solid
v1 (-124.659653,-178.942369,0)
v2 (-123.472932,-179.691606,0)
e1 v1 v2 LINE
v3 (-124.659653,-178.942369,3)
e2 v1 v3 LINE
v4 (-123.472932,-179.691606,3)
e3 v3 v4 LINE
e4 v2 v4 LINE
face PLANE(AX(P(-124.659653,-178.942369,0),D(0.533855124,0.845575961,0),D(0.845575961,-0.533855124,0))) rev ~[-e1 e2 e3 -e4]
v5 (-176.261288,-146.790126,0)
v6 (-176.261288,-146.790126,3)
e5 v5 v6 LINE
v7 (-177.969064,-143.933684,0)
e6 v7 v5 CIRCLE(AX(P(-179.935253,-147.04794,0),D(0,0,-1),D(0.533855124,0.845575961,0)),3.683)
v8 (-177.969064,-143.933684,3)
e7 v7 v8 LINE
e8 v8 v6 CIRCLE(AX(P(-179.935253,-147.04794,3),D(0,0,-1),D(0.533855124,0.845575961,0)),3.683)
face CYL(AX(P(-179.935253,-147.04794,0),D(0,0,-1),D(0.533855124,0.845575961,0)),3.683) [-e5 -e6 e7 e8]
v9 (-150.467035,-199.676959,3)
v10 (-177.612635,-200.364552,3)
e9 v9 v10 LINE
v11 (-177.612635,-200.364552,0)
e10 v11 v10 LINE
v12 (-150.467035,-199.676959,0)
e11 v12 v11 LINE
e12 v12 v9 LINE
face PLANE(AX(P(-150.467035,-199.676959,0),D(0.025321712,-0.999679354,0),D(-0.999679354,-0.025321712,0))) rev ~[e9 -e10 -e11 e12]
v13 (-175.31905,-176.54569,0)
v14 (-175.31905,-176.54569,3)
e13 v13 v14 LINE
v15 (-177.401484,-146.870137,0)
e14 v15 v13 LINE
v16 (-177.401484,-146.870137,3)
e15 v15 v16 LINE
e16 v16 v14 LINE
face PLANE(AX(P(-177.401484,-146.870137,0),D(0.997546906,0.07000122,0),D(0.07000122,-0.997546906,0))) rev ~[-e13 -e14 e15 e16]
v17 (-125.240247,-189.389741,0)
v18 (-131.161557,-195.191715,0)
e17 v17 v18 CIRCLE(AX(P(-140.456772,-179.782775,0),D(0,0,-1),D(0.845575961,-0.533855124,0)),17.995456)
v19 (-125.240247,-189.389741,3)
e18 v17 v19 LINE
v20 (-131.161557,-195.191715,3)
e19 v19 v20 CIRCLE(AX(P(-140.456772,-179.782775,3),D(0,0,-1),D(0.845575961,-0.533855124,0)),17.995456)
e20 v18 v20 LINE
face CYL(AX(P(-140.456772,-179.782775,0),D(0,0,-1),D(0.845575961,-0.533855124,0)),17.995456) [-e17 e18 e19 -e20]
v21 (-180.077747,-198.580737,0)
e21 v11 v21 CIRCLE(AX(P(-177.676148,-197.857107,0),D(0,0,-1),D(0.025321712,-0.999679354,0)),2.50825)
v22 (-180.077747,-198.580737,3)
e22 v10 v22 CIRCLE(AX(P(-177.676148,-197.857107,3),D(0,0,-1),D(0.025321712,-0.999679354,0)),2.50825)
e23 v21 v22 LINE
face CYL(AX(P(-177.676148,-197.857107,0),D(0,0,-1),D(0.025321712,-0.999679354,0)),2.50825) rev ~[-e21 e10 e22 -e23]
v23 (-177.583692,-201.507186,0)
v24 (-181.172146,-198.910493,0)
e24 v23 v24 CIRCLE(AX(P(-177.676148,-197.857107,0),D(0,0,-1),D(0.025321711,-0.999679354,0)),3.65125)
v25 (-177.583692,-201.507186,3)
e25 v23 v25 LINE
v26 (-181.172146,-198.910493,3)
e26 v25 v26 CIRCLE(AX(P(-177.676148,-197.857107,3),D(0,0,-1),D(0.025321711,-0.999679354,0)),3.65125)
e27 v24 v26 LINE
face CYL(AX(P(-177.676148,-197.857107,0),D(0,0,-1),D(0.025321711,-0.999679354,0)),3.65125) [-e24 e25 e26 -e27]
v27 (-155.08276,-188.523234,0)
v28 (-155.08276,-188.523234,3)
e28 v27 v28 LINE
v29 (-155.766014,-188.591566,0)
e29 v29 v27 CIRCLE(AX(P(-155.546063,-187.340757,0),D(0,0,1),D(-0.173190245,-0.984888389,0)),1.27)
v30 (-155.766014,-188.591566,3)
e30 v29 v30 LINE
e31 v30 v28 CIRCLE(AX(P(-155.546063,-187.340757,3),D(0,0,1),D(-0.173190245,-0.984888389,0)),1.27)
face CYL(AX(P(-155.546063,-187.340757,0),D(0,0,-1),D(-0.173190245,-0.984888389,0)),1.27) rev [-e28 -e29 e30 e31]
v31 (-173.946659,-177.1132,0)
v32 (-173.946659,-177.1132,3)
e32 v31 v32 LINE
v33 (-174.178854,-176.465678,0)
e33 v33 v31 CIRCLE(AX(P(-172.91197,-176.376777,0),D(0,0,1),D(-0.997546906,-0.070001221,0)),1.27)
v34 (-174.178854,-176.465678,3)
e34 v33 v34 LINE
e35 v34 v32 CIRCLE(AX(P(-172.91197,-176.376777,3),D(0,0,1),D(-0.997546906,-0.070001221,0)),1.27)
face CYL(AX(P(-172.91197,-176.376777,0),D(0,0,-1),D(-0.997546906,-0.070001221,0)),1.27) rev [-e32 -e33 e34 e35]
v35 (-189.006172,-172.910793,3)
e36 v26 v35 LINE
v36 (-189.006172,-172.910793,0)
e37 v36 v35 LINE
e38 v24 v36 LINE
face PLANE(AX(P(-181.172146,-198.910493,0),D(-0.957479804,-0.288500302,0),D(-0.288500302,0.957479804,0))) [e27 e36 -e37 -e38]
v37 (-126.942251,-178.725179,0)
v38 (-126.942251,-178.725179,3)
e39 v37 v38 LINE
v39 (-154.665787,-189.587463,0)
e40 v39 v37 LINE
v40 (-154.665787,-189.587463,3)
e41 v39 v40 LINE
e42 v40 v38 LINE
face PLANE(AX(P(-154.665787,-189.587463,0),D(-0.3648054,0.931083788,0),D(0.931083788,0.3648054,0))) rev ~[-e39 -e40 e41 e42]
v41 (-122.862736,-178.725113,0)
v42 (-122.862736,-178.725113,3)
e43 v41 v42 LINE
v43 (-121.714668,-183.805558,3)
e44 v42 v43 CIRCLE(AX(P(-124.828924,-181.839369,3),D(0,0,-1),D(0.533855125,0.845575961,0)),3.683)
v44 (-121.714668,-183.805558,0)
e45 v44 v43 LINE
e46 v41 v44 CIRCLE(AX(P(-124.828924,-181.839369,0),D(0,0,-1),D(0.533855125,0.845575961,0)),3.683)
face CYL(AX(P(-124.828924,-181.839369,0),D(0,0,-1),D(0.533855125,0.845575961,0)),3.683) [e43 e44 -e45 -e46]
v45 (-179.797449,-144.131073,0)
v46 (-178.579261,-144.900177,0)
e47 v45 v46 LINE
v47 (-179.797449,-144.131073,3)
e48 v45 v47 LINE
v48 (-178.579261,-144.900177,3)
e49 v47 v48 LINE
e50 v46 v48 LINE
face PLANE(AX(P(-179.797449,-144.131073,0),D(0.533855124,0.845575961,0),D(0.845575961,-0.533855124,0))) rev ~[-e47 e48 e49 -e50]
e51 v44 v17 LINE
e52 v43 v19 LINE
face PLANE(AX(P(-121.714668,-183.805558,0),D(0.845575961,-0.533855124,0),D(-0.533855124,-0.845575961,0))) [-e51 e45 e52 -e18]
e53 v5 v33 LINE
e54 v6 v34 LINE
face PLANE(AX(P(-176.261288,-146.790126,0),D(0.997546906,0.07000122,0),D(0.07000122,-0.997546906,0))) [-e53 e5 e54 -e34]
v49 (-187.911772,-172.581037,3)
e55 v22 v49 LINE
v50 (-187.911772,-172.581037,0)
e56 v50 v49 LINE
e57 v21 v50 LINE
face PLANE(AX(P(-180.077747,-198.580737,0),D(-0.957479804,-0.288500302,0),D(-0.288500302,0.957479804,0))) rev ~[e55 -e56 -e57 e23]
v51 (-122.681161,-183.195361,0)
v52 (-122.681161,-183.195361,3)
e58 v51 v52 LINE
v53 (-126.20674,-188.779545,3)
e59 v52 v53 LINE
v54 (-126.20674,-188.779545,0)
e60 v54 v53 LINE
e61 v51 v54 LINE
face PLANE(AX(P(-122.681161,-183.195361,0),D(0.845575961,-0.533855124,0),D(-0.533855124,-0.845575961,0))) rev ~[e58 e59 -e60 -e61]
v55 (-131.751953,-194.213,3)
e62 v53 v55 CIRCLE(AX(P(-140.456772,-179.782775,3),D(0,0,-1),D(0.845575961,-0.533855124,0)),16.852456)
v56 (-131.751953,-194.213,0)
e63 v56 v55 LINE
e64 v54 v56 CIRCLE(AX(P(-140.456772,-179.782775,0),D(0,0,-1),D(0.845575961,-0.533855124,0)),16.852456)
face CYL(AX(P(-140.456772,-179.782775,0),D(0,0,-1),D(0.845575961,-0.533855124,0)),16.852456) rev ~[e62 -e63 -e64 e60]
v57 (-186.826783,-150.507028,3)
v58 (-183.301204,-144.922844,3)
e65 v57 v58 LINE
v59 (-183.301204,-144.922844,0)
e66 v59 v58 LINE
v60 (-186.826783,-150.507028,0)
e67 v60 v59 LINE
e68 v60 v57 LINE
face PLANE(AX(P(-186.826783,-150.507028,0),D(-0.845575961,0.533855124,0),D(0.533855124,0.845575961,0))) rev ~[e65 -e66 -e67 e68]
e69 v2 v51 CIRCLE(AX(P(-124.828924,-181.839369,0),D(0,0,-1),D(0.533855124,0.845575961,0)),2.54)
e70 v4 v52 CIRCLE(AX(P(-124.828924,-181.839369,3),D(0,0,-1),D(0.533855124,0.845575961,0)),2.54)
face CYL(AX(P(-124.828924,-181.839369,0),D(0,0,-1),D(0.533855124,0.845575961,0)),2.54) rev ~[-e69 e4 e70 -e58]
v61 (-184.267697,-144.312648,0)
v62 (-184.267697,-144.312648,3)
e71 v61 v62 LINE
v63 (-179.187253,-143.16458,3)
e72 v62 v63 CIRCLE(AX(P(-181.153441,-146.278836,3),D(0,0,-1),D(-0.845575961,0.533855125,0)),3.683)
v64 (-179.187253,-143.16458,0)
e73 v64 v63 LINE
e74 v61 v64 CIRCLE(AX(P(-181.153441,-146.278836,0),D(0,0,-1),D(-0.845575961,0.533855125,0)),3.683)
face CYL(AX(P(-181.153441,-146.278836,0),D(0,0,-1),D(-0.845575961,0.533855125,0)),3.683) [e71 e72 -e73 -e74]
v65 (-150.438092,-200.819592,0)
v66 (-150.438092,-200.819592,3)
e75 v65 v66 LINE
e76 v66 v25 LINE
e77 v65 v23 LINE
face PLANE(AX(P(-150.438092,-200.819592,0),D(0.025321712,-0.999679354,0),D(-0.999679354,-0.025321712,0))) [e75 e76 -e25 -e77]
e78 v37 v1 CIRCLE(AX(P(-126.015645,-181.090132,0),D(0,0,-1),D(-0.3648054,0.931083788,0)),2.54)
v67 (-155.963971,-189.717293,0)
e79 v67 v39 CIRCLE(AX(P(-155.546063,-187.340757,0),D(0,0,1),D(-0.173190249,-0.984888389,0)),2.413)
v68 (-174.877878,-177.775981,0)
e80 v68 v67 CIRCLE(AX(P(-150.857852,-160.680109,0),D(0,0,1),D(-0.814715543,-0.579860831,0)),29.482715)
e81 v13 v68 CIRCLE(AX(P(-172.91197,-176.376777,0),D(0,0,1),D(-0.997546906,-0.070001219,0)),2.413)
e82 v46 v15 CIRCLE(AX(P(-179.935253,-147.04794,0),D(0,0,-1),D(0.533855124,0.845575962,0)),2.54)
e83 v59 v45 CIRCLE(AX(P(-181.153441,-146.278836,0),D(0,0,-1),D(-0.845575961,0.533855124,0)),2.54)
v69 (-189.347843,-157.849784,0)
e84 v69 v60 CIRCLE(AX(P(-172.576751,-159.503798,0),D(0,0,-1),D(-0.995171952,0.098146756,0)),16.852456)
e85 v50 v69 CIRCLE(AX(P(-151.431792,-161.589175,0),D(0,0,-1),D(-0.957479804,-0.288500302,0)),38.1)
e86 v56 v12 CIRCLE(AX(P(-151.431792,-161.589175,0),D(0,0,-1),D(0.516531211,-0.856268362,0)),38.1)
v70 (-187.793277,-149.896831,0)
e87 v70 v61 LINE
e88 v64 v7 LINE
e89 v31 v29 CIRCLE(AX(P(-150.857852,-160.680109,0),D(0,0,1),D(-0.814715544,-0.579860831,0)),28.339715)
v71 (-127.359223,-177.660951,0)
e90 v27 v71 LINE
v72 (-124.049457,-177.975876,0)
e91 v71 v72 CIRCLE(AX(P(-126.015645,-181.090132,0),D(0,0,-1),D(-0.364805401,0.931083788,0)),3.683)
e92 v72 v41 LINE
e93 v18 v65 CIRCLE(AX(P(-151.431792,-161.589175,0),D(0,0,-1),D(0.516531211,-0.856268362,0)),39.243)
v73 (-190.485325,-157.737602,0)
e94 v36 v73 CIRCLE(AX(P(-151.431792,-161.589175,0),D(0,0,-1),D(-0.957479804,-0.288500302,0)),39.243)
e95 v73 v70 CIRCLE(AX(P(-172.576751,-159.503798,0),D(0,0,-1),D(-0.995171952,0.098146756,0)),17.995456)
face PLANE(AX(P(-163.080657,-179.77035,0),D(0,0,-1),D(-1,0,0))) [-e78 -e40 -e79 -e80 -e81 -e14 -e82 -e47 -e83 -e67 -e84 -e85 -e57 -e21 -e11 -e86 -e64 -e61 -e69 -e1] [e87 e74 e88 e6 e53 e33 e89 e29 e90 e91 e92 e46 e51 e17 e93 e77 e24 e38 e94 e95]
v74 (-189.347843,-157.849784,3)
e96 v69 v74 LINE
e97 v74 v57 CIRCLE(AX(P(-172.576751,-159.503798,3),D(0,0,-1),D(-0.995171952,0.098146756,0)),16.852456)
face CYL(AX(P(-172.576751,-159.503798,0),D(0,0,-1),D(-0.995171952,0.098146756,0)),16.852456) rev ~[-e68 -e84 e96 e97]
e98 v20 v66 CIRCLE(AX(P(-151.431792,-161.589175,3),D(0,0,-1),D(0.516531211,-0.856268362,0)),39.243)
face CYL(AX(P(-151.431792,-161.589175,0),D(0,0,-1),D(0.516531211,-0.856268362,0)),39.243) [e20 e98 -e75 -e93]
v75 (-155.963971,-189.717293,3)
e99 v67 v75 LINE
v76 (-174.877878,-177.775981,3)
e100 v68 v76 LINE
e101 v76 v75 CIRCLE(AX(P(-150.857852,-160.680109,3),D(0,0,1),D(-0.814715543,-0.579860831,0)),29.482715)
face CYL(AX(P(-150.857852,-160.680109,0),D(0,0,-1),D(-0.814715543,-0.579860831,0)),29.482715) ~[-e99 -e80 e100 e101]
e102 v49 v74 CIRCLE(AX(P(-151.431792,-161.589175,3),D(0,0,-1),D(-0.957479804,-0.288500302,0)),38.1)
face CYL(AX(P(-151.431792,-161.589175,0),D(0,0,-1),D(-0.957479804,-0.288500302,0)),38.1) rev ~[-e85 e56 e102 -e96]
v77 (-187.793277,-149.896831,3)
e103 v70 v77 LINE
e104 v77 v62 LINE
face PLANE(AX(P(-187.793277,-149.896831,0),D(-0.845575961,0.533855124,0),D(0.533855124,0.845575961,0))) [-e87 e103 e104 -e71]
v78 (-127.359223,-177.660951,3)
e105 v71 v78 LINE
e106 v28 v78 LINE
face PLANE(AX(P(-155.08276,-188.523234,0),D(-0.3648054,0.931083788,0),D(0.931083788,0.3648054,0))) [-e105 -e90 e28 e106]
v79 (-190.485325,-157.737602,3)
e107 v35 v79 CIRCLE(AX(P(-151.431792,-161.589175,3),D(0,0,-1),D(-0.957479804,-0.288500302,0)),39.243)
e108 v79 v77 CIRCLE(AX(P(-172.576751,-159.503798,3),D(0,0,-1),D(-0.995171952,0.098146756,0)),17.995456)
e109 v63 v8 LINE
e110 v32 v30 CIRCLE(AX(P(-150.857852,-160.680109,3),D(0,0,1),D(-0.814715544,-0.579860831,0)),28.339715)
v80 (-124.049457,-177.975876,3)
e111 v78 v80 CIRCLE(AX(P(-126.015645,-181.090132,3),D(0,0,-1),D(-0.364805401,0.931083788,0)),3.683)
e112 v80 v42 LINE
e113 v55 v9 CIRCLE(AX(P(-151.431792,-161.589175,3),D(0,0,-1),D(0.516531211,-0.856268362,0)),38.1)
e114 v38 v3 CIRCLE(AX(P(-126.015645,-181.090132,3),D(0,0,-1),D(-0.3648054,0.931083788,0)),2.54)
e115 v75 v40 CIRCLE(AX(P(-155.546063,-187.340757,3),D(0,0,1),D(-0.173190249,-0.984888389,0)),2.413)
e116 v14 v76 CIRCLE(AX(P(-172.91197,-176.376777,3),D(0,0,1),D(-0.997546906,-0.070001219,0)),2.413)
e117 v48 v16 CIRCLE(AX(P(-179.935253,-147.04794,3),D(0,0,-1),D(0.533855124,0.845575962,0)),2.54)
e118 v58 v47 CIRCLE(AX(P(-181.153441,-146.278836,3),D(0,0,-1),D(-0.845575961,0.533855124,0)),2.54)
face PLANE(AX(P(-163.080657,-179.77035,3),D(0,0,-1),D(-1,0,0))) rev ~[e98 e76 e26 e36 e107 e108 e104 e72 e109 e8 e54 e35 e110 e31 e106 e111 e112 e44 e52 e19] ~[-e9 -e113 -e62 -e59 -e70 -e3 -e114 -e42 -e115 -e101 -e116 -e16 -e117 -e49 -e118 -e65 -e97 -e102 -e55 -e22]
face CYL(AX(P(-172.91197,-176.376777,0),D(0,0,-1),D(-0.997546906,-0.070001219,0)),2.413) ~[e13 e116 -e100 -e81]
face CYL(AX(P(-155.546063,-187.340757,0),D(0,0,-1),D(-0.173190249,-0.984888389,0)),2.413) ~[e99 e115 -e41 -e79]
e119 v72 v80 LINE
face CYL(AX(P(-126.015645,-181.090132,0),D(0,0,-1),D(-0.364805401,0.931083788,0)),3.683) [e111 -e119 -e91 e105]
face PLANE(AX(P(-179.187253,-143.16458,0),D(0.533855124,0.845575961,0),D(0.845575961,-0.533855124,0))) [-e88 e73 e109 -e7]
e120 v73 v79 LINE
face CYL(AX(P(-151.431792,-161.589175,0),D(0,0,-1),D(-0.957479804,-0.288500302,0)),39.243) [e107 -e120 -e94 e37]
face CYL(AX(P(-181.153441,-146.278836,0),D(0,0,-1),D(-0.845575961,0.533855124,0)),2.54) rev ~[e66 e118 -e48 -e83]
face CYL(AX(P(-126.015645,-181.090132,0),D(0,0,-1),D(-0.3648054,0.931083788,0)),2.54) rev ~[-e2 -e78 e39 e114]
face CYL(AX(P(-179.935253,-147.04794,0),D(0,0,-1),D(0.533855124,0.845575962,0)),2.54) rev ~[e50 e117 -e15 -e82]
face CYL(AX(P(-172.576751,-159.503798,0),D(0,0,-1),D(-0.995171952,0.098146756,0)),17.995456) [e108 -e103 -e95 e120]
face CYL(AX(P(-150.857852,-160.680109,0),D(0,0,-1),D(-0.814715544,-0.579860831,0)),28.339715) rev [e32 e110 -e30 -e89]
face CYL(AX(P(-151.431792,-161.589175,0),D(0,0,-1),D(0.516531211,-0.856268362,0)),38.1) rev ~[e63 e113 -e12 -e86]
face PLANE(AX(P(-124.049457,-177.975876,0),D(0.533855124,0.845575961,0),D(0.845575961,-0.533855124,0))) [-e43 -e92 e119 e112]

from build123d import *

# Parameters (mm, degrees)
BOSS_EXTRUDE1_DEPTH = 3


with BuildPart() as part:
    # Sketch1 → Boss-Extrude1 (new body)
    with BuildSketch(Plane.XY):
        with BuildLine():
            Line((-176.261287631, -146.790125913), (-174.178854352, -176.465678255))
            ThreePointArc((-174.178854352, -176.465678255), (-174.10743246, -176.805459554), (-173.946658522, -177.113199961))
            ThreePointArc((-173.946658522, -177.113199961), (-165.987154225, -184.643491087), (-155.766014333, -188.591565607))
            ThreePointArc((-155.766014333, -188.591565607), (-155.419681283, -188.604453413), (-155.08275986, -188.523233763))
            Line((-155.08275986, -188.523233763), (-127.359223318, -177.660950501))
            ThreePointArc((-127.359223318, -177.660950501), (-125.666782112, -177.423691901), (-124.049456606, -177.975875826))
            Line((-124.049456606, -177.975875826), (-122.862735706, -178.725113106))
            ThreePointArc((-122.862735706, -178.725113106), (-121.236507239, -181.027562815), (-121.714667864, -183.805557795))
            Line((-121.714667864, -183.805557795), (-125.240247105, -189.389741443))
            ThreePointArc((-125.240247105, -189.389741443), (-127.862246775, -192.636349191), (-131.161557479, -195.191714728))
            ThreePointArc((-131.161557479, -195.191714728), (-140.433747596, -199.259536064), (-150.43809188, -200.819592292))
            Line((-150.43809188, -200.819592292), (-177.583691953, -201.507185822))
            ThreePointArc((-177.583691953, -201.507185822), (-179.816644976, -200.815129336), (-181.172145987, -198.910493309))
            Line((-181.172145987, -198.910493309), (-189.006171765, -172.910792767))
            ThreePointArc((-189.006171765, -172.910792767), (-190.489642304, -165.396715762), (-190.485324726, -157.737602274))
            ThreePointArc((-190.485324726, -157.737602274), (-189.596958817, -153.660084628), (-187.793276628, -149.89683142))
            Line((-187.793276628, -149.89683142), (-184.267697387, -144.312647772))
            ThreePointArc((-184.267697387, -144.312647772), (-181.965247678, -142.686419305), (-179.187252699, -143.16457993))
            Line((-179.187252699, -143.16457993), (-177.969064462, -143.933684141))
            ThreePointArc((-177.969064462, -143.933684141), (-176.774137848, -145.158008999), (-176.261287631, -146.790125913))
        make_face()
        with BuildLine():
            Line((-177.401483744, -146.870137307), (-175.319050465, -176.54568965))
            ThreePointArc((-175.319050465, -176.54568965), (-175.183348871, -177.191274117), (-174.877878388, -177.775980891))
            ThreePointArc((-174.877878388, -177.775980891), (-166.597350632, -185.60998441), (-155.963970787, -189.717293035))
            ThreePointArc((-155.963970787, -189.717293035), (-155.305937992, -189.741779868), (-154.665787288, -189.587462533))
            Line((-154.665787288, -189.587462533), (-126.942250746, -178.72517927))
            ThreePointArc((-126.942250746, -178.72517927), (-125.775049914, -178.56155265), (-124.659653013, -178.94236915))
            Line((-124.659653013, -178.94236915), (-123.472932113, -179.69160643))
            ThreePointArc((-123.472932113, -179.69160643), (-122.351395239, -181.279502781), (-122.681161188, -183.195361388))
            Line((-122.681161188, -183.195361388), (-126.206740429, -188.779545035))
            ThreePointArc((-126.206740429, -188.779545035), (-128.66220108, -191.819941137), (-131.751952653, -194.21299999))
            ThreePointArc((-131.751952653, -194.21299999), (-140.75407898, -198.162341093), (-150.467034596, -199.67695879))
            Line((-150.467034596, -199.67695879), (-177.612634669, -200.36455232))
            ThreePointArc((-177.612634669, -200.36455232), (-179.146576312, -199.889139604), (-180.077746571, -198.580737463))
            Line((-180.077746571, -198.580737463), (-187.911772349, -172.581036921))
            ThreePointArc((-187.911772349, -172.581036921), (-189.352035008, -165.285816528), (-189.347843185, -157.849784016))
            ThreePointArc((-189.347843185, -157.849784016), (-188.515902755, -154.031254117), (-186.826783305, -150.507027827))
            Line((-186.826783305, -150.507027827), (-183.301204063, -144.922844179))
            ThreePointArc((-183.301204063, -144.922844179), (-181.713307713, -143.801307305), (-179.797449106, -144.131073254))
            Line((-179.797449106, -144.131073254), (-178.579260869, -144.900177465))
            ThreePointArc((-178.579260869, -144.900177465), (-177.755173549, -145.744539435), (-177.401483744, -146.870137307))
        make_face(mode=Mode.SUBTRACT)
    extrude(amount=BOSS_EXTRUDE1_DEPTH)


solid = part.part
